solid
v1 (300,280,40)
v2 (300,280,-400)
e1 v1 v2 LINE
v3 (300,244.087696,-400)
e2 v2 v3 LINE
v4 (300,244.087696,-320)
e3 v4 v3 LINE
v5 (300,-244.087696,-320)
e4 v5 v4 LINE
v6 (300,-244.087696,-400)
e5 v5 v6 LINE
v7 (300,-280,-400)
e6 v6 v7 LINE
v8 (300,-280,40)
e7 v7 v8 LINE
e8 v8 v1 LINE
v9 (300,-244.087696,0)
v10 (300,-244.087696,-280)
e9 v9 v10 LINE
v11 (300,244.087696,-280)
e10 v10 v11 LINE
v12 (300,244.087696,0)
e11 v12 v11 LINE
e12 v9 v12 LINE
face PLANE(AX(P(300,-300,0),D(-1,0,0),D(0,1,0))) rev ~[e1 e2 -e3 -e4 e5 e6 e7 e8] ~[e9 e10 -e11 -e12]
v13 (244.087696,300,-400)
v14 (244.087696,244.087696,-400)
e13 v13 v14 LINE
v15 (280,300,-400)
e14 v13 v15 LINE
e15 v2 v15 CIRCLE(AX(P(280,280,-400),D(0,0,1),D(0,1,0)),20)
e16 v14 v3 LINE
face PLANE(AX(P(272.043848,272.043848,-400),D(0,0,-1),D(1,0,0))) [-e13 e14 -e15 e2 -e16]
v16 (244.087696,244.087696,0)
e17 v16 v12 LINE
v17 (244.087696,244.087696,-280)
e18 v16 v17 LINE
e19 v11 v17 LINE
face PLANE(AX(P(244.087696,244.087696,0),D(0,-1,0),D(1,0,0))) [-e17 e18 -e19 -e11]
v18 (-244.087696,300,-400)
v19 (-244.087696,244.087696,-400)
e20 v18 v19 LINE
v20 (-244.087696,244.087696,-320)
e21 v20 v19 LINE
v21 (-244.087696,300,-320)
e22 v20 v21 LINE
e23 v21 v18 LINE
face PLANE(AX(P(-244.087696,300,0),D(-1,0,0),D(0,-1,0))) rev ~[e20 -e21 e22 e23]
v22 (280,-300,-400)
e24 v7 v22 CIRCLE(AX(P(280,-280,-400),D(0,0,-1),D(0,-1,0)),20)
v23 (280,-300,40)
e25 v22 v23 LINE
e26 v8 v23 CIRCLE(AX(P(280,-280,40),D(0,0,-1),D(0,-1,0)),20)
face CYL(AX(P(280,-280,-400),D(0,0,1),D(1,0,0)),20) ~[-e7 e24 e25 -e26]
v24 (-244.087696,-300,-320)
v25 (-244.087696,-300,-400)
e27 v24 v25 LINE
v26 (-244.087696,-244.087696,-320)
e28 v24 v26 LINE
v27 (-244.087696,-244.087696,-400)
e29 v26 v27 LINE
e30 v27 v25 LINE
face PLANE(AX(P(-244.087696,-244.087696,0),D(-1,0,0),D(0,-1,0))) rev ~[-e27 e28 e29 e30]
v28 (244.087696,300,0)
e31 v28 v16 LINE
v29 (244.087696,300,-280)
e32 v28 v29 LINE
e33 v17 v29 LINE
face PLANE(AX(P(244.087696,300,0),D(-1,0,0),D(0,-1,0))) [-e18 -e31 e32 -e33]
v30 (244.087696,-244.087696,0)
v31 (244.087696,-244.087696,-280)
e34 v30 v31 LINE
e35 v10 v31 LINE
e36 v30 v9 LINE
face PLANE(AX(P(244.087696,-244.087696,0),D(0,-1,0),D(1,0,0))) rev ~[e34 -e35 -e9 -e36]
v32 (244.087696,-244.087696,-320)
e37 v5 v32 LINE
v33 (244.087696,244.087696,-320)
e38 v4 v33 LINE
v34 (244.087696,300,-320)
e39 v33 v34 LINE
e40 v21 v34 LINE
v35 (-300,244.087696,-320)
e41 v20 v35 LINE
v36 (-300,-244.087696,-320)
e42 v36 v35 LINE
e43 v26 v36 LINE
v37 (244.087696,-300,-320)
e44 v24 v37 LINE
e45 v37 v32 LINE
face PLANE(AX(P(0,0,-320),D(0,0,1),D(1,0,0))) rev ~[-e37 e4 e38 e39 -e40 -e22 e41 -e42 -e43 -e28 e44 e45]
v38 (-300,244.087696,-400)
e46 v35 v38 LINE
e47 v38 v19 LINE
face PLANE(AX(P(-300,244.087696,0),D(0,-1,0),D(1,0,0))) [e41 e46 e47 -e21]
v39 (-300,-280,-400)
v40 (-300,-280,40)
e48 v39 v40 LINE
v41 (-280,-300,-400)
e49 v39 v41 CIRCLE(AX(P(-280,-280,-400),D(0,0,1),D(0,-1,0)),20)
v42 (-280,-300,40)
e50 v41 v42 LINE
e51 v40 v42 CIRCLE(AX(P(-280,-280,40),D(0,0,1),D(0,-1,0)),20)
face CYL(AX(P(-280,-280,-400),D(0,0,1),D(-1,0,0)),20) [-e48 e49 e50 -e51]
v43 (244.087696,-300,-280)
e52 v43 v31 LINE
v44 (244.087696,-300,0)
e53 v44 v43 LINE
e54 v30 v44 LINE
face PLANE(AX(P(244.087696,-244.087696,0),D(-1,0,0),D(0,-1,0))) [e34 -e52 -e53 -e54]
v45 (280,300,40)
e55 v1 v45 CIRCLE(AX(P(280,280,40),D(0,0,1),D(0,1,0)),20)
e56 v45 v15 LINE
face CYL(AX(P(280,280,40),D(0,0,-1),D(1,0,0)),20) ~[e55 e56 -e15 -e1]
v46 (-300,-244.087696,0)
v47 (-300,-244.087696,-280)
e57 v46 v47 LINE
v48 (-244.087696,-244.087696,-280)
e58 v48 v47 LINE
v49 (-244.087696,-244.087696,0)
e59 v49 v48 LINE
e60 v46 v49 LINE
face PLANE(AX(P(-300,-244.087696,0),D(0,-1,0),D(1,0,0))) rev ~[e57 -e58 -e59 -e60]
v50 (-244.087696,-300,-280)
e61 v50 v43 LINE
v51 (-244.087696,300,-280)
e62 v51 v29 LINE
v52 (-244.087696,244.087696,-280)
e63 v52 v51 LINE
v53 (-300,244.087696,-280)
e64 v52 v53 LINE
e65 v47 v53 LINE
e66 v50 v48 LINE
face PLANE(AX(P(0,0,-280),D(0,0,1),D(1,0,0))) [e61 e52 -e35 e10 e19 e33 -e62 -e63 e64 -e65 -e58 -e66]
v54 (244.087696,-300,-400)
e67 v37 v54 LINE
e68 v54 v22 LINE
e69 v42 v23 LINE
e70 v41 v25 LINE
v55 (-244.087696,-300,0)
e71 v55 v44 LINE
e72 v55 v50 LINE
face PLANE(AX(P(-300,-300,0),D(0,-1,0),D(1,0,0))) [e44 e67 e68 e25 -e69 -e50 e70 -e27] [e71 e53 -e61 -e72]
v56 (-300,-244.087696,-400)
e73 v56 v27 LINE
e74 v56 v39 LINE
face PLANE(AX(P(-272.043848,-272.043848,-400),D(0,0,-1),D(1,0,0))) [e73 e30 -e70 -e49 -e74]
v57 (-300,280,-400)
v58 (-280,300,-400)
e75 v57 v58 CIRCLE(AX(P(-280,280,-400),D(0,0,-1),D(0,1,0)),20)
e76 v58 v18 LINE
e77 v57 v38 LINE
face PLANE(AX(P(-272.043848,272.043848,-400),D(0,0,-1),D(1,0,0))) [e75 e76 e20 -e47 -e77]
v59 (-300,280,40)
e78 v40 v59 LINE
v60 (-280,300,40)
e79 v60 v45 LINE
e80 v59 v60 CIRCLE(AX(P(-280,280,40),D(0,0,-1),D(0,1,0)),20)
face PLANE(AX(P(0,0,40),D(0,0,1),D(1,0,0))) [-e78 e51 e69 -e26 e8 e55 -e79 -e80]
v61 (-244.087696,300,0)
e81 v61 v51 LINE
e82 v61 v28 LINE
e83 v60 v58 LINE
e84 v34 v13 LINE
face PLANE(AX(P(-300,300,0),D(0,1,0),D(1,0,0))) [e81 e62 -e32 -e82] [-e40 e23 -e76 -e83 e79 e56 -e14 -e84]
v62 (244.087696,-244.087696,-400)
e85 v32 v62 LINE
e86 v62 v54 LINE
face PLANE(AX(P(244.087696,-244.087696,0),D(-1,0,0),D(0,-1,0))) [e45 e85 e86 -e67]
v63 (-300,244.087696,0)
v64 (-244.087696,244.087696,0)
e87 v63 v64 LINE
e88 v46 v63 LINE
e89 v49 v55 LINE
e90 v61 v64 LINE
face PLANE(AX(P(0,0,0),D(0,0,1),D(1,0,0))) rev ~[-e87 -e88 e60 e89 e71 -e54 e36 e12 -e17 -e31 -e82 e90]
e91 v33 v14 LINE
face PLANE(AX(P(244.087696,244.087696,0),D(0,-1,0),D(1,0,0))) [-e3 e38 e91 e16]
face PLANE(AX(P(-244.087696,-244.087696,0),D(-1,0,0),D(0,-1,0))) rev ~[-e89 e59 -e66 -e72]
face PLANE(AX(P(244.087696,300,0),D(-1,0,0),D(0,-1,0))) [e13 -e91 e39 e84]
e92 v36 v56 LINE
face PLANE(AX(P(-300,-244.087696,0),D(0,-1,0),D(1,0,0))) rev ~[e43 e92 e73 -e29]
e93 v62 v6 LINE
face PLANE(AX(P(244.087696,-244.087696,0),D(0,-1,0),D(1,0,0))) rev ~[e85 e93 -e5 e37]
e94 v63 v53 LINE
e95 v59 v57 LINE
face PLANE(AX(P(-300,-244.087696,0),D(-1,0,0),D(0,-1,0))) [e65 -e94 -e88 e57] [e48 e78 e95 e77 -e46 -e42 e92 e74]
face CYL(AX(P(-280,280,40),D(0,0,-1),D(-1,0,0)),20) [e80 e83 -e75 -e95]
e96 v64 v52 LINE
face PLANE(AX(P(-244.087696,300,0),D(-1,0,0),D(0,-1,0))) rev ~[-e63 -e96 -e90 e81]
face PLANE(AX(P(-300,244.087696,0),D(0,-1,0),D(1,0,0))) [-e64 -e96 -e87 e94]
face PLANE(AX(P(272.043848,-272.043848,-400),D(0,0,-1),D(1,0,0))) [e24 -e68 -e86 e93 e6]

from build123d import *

# Parameters (mm, degrees)
F0_W     = 600
F0_H     = 600
F1_DEPTH = 40
F2_W     = 55.912304
F2_H     = 55.912304
F3_DEPTH = 400
F5_W     = 600
F5_H     = 600
F6_DEPTH = 40
F7_R     = 20


with BuildPart() as f1:
    # F0 (on Top) → F1 (new body)
    with BuildSketch(Plane.XY):
        Rectangle(F0_W, F0_H)
    extrude(amount=F1_DEPTH)

    # F2 (on face) → F3 (join)
    with BuildSketch(Plane(origin=(0, 0, 0), x_dir=(1, 0, 0), z_dir=(0, 0, -1))):
        with Locations((-272.043848, 272.043848)):
            Rectangle(F2_W, F2_H)
        with Locations((272.043848, 272.043848)):
            Rectangle(F2_W, F2_H)
        with Locations((272.043848, -272.043848)):
            Rectangle(F2_W, F2_H)
        with Locations((-272.043848, -272.043848)):
            Rectangle(F2_W, F2_H)
    extrude(amount=F3_DEPTH)

    # F5 (on offset) → F6 (join)
    with BuildSketch(Plane.XY.offset(-280)):
        Rectangle(F5_W, F5_H)
    extrude(amount=-F6_DEPTH)

    # F7
    f7_edges = [f1.edges().sort_by_distance(p)[0] for p in [
        (300, -300, -180),
        (-300, -300, -180),
        (300, 300, -180),
        (-300, 300, -180),
    ]]
    fillet(f7_edges, radius=F7_R)


solid = f1.part
